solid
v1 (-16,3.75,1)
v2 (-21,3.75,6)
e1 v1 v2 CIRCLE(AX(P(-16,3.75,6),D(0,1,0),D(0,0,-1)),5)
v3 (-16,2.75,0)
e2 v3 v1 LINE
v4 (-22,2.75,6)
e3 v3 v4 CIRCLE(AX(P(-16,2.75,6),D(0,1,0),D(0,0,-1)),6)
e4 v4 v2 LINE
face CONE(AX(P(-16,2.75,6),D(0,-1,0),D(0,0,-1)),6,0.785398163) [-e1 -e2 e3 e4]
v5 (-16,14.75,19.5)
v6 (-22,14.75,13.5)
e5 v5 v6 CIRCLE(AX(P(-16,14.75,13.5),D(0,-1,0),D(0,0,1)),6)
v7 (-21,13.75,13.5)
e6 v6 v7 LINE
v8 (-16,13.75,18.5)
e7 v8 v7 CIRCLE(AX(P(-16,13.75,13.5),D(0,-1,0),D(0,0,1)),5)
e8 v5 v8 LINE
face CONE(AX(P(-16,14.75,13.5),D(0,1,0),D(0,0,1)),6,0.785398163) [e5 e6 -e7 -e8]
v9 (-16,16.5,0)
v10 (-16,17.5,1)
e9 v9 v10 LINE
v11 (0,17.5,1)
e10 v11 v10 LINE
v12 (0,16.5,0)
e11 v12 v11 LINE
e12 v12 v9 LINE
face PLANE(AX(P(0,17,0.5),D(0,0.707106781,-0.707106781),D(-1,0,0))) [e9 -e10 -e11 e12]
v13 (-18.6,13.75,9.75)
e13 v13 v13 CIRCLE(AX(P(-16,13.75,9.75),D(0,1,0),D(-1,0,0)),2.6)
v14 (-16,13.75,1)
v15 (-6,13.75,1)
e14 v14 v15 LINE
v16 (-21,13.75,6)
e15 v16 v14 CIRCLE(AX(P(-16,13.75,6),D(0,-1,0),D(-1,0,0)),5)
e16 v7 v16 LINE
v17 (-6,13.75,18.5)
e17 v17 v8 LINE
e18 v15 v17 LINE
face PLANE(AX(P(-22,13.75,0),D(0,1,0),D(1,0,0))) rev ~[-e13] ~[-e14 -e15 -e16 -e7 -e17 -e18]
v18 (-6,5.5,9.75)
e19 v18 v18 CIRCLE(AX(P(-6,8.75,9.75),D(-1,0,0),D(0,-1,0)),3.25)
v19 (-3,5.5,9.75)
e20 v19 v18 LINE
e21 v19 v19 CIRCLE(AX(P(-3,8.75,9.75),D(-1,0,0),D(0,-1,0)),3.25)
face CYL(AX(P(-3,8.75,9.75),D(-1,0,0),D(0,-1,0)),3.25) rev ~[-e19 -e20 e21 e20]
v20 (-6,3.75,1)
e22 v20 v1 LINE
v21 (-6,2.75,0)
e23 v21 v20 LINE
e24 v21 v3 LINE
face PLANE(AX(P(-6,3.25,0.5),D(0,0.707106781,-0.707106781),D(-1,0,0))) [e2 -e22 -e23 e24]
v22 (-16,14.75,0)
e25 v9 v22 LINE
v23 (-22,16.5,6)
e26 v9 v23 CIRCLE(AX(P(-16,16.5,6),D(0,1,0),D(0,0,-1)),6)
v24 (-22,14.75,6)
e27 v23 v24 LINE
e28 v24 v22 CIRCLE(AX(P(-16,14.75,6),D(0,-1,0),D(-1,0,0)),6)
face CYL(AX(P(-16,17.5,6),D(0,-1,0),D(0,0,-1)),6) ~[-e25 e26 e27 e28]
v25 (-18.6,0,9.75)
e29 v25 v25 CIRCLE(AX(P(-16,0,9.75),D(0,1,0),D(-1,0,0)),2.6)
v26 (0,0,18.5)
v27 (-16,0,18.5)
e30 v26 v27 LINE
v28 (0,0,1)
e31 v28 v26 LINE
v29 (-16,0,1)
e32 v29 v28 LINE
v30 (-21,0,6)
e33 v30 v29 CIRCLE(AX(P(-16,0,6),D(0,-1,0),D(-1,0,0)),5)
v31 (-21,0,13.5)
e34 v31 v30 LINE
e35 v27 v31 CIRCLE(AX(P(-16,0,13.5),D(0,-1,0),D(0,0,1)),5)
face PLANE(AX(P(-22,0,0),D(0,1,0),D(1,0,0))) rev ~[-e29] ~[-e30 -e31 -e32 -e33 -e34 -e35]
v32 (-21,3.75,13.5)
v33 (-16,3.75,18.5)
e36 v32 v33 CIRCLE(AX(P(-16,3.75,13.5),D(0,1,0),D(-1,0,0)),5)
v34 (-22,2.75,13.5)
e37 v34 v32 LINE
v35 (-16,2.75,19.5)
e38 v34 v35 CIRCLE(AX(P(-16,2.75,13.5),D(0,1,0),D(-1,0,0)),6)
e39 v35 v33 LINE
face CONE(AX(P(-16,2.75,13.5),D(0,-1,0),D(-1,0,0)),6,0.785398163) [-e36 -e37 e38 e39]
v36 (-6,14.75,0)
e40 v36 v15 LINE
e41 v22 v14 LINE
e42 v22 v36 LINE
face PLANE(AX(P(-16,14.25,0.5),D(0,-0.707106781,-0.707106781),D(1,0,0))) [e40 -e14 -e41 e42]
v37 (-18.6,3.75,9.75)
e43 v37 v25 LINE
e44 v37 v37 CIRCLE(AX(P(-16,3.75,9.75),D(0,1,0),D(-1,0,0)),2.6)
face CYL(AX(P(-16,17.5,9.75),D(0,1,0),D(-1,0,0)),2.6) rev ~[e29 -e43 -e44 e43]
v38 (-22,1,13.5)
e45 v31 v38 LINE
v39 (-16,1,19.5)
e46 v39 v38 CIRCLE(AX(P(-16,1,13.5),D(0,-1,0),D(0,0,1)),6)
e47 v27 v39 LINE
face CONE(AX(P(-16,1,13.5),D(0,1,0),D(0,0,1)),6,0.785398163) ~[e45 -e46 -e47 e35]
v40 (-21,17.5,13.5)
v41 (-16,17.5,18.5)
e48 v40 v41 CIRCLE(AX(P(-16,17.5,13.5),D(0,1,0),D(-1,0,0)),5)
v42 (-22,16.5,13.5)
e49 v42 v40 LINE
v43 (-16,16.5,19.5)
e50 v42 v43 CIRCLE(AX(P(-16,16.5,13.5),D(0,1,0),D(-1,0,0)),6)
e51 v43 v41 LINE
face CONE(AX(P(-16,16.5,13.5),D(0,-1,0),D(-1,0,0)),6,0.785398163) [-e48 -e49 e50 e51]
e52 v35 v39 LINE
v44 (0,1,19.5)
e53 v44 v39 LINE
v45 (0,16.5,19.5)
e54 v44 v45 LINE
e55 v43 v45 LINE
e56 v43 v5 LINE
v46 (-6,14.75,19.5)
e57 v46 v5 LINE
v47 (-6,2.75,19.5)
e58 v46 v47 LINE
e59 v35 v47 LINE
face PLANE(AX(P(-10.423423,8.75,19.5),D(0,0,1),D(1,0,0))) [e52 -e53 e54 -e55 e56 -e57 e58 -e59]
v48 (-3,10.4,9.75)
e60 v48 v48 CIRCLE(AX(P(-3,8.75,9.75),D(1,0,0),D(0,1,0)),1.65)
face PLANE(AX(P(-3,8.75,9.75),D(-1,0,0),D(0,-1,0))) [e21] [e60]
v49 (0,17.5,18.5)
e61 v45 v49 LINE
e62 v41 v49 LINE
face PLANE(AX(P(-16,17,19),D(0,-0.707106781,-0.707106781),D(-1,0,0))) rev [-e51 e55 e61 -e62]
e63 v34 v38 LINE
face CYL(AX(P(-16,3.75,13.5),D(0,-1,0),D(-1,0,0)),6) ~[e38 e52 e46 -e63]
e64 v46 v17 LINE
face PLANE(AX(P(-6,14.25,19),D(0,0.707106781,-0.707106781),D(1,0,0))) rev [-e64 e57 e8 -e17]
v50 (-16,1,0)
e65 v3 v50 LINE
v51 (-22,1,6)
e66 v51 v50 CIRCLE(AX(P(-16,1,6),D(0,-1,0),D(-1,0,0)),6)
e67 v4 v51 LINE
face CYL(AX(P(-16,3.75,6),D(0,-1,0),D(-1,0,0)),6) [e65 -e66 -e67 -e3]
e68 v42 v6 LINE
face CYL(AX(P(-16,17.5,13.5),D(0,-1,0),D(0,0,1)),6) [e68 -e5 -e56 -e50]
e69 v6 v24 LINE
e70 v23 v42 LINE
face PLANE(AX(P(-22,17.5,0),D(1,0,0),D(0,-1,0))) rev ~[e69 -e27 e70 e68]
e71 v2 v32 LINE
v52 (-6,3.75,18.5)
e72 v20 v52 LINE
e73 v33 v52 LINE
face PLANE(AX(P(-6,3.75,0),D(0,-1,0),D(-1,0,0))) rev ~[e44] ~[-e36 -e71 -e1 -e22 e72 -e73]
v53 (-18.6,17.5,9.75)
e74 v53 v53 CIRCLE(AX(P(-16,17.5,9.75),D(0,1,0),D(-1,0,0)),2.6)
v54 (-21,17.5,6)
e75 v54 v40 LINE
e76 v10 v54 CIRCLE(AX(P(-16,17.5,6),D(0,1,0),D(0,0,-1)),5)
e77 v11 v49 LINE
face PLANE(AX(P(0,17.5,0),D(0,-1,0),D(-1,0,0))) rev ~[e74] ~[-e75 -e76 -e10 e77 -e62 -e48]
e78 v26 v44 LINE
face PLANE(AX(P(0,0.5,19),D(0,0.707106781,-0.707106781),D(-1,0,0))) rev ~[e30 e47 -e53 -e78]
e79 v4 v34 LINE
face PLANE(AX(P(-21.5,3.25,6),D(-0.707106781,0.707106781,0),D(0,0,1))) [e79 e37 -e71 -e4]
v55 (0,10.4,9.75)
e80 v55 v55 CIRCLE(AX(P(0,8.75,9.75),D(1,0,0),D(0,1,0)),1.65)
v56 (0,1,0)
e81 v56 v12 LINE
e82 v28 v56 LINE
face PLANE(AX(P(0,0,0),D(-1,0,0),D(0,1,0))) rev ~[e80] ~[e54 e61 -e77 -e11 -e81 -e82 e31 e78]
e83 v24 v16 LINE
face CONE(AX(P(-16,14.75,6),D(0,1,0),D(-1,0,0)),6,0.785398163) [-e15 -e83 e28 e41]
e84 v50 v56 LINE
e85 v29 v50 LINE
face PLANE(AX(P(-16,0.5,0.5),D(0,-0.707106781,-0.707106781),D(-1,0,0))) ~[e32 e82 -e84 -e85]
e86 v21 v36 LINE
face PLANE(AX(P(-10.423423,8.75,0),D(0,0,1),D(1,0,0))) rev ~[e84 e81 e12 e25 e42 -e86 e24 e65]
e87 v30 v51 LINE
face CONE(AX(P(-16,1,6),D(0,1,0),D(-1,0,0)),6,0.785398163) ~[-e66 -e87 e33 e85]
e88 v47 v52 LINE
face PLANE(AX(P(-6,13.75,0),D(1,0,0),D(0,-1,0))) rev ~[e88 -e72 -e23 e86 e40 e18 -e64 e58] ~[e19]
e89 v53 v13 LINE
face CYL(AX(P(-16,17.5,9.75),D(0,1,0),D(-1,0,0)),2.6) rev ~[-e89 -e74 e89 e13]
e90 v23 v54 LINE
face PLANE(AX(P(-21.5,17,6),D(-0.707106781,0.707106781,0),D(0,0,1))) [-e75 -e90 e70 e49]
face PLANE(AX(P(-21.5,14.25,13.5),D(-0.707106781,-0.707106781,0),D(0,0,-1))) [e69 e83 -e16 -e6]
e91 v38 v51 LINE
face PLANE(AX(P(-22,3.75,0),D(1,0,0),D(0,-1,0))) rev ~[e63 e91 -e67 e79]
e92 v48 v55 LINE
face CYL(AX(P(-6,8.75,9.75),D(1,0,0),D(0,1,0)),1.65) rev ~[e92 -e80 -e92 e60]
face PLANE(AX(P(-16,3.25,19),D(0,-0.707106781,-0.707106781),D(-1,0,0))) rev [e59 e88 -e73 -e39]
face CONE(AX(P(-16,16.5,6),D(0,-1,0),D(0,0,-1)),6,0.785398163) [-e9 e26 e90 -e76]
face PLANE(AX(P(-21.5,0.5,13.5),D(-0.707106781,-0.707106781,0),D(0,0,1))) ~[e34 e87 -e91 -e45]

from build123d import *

# Parameters (mm, degrees)
F1_DEPTH       = 19.5
F2_R           = 2.6
F3_DEPTH       = 17.501
F5_D           = 3.3
F5_CBORE_D     = 6.5
F5_CBORE_DEPTH = 3
F6_R           = 6
F7_SIZE        = 1


with BuildPart() as f1:
    # F0 (on Top) → F1 (new body)
    with BuildSketch(Plane.XY):
        Polygon((-22, 0), (0, 0), (0, 17.5), (-22, 17.5), (-22, 13.75), (-6, 13.75), (-6, 3.75), (-22, 3.75), align=None)
    extrude(amount=F1_DEPTH)

    # F2 (on face) → F3 (cut, through all)
    with BuildSketch(Plane(origin=(0, 17.5, 0), x_dir=(-1, 0, 0), z_dir=(0, 1, 0))):
        with Locations((16, 9.75)):
            Circle(F2_R)
    extrude(amount=-F3_DEPTH, mode=Mode.SUBTRACT)

    # F5 (through all)
    with Locations(Plane(origin=(-6, 0, 0), x_dir=(0, -1, 0), z_dir=(-1, 0, 0))):
        with Locations((-8.75, 9.75)):
            CounterBoreHole(F5_D / 2, F5_CBORE_D / 2, F5_CBORE_DEPTH)

    # F6
    f6_edges = [f1.edges().sort_by_distance(p)[0] for p in [
        (-22, 15.625, 0),
        (-22, 15.625, 19.5),
        (-22, 1.875, 19.5),
        (-22, 1.875, 0),
    ]]
    fillet(f6_edges, radius=F6_R)

    # F7
    f7_edges = [f1.edges().sort_by_distance(p)[0] for p in [
        (-8, 17.5, 0),
        (-8, 0, 0),
        (-11, 3.75, 0),
        (-11, 13.75, 0),
    ]]
    chamfer(f7_edges, length=F7_SIZE)


solid = f1.part
